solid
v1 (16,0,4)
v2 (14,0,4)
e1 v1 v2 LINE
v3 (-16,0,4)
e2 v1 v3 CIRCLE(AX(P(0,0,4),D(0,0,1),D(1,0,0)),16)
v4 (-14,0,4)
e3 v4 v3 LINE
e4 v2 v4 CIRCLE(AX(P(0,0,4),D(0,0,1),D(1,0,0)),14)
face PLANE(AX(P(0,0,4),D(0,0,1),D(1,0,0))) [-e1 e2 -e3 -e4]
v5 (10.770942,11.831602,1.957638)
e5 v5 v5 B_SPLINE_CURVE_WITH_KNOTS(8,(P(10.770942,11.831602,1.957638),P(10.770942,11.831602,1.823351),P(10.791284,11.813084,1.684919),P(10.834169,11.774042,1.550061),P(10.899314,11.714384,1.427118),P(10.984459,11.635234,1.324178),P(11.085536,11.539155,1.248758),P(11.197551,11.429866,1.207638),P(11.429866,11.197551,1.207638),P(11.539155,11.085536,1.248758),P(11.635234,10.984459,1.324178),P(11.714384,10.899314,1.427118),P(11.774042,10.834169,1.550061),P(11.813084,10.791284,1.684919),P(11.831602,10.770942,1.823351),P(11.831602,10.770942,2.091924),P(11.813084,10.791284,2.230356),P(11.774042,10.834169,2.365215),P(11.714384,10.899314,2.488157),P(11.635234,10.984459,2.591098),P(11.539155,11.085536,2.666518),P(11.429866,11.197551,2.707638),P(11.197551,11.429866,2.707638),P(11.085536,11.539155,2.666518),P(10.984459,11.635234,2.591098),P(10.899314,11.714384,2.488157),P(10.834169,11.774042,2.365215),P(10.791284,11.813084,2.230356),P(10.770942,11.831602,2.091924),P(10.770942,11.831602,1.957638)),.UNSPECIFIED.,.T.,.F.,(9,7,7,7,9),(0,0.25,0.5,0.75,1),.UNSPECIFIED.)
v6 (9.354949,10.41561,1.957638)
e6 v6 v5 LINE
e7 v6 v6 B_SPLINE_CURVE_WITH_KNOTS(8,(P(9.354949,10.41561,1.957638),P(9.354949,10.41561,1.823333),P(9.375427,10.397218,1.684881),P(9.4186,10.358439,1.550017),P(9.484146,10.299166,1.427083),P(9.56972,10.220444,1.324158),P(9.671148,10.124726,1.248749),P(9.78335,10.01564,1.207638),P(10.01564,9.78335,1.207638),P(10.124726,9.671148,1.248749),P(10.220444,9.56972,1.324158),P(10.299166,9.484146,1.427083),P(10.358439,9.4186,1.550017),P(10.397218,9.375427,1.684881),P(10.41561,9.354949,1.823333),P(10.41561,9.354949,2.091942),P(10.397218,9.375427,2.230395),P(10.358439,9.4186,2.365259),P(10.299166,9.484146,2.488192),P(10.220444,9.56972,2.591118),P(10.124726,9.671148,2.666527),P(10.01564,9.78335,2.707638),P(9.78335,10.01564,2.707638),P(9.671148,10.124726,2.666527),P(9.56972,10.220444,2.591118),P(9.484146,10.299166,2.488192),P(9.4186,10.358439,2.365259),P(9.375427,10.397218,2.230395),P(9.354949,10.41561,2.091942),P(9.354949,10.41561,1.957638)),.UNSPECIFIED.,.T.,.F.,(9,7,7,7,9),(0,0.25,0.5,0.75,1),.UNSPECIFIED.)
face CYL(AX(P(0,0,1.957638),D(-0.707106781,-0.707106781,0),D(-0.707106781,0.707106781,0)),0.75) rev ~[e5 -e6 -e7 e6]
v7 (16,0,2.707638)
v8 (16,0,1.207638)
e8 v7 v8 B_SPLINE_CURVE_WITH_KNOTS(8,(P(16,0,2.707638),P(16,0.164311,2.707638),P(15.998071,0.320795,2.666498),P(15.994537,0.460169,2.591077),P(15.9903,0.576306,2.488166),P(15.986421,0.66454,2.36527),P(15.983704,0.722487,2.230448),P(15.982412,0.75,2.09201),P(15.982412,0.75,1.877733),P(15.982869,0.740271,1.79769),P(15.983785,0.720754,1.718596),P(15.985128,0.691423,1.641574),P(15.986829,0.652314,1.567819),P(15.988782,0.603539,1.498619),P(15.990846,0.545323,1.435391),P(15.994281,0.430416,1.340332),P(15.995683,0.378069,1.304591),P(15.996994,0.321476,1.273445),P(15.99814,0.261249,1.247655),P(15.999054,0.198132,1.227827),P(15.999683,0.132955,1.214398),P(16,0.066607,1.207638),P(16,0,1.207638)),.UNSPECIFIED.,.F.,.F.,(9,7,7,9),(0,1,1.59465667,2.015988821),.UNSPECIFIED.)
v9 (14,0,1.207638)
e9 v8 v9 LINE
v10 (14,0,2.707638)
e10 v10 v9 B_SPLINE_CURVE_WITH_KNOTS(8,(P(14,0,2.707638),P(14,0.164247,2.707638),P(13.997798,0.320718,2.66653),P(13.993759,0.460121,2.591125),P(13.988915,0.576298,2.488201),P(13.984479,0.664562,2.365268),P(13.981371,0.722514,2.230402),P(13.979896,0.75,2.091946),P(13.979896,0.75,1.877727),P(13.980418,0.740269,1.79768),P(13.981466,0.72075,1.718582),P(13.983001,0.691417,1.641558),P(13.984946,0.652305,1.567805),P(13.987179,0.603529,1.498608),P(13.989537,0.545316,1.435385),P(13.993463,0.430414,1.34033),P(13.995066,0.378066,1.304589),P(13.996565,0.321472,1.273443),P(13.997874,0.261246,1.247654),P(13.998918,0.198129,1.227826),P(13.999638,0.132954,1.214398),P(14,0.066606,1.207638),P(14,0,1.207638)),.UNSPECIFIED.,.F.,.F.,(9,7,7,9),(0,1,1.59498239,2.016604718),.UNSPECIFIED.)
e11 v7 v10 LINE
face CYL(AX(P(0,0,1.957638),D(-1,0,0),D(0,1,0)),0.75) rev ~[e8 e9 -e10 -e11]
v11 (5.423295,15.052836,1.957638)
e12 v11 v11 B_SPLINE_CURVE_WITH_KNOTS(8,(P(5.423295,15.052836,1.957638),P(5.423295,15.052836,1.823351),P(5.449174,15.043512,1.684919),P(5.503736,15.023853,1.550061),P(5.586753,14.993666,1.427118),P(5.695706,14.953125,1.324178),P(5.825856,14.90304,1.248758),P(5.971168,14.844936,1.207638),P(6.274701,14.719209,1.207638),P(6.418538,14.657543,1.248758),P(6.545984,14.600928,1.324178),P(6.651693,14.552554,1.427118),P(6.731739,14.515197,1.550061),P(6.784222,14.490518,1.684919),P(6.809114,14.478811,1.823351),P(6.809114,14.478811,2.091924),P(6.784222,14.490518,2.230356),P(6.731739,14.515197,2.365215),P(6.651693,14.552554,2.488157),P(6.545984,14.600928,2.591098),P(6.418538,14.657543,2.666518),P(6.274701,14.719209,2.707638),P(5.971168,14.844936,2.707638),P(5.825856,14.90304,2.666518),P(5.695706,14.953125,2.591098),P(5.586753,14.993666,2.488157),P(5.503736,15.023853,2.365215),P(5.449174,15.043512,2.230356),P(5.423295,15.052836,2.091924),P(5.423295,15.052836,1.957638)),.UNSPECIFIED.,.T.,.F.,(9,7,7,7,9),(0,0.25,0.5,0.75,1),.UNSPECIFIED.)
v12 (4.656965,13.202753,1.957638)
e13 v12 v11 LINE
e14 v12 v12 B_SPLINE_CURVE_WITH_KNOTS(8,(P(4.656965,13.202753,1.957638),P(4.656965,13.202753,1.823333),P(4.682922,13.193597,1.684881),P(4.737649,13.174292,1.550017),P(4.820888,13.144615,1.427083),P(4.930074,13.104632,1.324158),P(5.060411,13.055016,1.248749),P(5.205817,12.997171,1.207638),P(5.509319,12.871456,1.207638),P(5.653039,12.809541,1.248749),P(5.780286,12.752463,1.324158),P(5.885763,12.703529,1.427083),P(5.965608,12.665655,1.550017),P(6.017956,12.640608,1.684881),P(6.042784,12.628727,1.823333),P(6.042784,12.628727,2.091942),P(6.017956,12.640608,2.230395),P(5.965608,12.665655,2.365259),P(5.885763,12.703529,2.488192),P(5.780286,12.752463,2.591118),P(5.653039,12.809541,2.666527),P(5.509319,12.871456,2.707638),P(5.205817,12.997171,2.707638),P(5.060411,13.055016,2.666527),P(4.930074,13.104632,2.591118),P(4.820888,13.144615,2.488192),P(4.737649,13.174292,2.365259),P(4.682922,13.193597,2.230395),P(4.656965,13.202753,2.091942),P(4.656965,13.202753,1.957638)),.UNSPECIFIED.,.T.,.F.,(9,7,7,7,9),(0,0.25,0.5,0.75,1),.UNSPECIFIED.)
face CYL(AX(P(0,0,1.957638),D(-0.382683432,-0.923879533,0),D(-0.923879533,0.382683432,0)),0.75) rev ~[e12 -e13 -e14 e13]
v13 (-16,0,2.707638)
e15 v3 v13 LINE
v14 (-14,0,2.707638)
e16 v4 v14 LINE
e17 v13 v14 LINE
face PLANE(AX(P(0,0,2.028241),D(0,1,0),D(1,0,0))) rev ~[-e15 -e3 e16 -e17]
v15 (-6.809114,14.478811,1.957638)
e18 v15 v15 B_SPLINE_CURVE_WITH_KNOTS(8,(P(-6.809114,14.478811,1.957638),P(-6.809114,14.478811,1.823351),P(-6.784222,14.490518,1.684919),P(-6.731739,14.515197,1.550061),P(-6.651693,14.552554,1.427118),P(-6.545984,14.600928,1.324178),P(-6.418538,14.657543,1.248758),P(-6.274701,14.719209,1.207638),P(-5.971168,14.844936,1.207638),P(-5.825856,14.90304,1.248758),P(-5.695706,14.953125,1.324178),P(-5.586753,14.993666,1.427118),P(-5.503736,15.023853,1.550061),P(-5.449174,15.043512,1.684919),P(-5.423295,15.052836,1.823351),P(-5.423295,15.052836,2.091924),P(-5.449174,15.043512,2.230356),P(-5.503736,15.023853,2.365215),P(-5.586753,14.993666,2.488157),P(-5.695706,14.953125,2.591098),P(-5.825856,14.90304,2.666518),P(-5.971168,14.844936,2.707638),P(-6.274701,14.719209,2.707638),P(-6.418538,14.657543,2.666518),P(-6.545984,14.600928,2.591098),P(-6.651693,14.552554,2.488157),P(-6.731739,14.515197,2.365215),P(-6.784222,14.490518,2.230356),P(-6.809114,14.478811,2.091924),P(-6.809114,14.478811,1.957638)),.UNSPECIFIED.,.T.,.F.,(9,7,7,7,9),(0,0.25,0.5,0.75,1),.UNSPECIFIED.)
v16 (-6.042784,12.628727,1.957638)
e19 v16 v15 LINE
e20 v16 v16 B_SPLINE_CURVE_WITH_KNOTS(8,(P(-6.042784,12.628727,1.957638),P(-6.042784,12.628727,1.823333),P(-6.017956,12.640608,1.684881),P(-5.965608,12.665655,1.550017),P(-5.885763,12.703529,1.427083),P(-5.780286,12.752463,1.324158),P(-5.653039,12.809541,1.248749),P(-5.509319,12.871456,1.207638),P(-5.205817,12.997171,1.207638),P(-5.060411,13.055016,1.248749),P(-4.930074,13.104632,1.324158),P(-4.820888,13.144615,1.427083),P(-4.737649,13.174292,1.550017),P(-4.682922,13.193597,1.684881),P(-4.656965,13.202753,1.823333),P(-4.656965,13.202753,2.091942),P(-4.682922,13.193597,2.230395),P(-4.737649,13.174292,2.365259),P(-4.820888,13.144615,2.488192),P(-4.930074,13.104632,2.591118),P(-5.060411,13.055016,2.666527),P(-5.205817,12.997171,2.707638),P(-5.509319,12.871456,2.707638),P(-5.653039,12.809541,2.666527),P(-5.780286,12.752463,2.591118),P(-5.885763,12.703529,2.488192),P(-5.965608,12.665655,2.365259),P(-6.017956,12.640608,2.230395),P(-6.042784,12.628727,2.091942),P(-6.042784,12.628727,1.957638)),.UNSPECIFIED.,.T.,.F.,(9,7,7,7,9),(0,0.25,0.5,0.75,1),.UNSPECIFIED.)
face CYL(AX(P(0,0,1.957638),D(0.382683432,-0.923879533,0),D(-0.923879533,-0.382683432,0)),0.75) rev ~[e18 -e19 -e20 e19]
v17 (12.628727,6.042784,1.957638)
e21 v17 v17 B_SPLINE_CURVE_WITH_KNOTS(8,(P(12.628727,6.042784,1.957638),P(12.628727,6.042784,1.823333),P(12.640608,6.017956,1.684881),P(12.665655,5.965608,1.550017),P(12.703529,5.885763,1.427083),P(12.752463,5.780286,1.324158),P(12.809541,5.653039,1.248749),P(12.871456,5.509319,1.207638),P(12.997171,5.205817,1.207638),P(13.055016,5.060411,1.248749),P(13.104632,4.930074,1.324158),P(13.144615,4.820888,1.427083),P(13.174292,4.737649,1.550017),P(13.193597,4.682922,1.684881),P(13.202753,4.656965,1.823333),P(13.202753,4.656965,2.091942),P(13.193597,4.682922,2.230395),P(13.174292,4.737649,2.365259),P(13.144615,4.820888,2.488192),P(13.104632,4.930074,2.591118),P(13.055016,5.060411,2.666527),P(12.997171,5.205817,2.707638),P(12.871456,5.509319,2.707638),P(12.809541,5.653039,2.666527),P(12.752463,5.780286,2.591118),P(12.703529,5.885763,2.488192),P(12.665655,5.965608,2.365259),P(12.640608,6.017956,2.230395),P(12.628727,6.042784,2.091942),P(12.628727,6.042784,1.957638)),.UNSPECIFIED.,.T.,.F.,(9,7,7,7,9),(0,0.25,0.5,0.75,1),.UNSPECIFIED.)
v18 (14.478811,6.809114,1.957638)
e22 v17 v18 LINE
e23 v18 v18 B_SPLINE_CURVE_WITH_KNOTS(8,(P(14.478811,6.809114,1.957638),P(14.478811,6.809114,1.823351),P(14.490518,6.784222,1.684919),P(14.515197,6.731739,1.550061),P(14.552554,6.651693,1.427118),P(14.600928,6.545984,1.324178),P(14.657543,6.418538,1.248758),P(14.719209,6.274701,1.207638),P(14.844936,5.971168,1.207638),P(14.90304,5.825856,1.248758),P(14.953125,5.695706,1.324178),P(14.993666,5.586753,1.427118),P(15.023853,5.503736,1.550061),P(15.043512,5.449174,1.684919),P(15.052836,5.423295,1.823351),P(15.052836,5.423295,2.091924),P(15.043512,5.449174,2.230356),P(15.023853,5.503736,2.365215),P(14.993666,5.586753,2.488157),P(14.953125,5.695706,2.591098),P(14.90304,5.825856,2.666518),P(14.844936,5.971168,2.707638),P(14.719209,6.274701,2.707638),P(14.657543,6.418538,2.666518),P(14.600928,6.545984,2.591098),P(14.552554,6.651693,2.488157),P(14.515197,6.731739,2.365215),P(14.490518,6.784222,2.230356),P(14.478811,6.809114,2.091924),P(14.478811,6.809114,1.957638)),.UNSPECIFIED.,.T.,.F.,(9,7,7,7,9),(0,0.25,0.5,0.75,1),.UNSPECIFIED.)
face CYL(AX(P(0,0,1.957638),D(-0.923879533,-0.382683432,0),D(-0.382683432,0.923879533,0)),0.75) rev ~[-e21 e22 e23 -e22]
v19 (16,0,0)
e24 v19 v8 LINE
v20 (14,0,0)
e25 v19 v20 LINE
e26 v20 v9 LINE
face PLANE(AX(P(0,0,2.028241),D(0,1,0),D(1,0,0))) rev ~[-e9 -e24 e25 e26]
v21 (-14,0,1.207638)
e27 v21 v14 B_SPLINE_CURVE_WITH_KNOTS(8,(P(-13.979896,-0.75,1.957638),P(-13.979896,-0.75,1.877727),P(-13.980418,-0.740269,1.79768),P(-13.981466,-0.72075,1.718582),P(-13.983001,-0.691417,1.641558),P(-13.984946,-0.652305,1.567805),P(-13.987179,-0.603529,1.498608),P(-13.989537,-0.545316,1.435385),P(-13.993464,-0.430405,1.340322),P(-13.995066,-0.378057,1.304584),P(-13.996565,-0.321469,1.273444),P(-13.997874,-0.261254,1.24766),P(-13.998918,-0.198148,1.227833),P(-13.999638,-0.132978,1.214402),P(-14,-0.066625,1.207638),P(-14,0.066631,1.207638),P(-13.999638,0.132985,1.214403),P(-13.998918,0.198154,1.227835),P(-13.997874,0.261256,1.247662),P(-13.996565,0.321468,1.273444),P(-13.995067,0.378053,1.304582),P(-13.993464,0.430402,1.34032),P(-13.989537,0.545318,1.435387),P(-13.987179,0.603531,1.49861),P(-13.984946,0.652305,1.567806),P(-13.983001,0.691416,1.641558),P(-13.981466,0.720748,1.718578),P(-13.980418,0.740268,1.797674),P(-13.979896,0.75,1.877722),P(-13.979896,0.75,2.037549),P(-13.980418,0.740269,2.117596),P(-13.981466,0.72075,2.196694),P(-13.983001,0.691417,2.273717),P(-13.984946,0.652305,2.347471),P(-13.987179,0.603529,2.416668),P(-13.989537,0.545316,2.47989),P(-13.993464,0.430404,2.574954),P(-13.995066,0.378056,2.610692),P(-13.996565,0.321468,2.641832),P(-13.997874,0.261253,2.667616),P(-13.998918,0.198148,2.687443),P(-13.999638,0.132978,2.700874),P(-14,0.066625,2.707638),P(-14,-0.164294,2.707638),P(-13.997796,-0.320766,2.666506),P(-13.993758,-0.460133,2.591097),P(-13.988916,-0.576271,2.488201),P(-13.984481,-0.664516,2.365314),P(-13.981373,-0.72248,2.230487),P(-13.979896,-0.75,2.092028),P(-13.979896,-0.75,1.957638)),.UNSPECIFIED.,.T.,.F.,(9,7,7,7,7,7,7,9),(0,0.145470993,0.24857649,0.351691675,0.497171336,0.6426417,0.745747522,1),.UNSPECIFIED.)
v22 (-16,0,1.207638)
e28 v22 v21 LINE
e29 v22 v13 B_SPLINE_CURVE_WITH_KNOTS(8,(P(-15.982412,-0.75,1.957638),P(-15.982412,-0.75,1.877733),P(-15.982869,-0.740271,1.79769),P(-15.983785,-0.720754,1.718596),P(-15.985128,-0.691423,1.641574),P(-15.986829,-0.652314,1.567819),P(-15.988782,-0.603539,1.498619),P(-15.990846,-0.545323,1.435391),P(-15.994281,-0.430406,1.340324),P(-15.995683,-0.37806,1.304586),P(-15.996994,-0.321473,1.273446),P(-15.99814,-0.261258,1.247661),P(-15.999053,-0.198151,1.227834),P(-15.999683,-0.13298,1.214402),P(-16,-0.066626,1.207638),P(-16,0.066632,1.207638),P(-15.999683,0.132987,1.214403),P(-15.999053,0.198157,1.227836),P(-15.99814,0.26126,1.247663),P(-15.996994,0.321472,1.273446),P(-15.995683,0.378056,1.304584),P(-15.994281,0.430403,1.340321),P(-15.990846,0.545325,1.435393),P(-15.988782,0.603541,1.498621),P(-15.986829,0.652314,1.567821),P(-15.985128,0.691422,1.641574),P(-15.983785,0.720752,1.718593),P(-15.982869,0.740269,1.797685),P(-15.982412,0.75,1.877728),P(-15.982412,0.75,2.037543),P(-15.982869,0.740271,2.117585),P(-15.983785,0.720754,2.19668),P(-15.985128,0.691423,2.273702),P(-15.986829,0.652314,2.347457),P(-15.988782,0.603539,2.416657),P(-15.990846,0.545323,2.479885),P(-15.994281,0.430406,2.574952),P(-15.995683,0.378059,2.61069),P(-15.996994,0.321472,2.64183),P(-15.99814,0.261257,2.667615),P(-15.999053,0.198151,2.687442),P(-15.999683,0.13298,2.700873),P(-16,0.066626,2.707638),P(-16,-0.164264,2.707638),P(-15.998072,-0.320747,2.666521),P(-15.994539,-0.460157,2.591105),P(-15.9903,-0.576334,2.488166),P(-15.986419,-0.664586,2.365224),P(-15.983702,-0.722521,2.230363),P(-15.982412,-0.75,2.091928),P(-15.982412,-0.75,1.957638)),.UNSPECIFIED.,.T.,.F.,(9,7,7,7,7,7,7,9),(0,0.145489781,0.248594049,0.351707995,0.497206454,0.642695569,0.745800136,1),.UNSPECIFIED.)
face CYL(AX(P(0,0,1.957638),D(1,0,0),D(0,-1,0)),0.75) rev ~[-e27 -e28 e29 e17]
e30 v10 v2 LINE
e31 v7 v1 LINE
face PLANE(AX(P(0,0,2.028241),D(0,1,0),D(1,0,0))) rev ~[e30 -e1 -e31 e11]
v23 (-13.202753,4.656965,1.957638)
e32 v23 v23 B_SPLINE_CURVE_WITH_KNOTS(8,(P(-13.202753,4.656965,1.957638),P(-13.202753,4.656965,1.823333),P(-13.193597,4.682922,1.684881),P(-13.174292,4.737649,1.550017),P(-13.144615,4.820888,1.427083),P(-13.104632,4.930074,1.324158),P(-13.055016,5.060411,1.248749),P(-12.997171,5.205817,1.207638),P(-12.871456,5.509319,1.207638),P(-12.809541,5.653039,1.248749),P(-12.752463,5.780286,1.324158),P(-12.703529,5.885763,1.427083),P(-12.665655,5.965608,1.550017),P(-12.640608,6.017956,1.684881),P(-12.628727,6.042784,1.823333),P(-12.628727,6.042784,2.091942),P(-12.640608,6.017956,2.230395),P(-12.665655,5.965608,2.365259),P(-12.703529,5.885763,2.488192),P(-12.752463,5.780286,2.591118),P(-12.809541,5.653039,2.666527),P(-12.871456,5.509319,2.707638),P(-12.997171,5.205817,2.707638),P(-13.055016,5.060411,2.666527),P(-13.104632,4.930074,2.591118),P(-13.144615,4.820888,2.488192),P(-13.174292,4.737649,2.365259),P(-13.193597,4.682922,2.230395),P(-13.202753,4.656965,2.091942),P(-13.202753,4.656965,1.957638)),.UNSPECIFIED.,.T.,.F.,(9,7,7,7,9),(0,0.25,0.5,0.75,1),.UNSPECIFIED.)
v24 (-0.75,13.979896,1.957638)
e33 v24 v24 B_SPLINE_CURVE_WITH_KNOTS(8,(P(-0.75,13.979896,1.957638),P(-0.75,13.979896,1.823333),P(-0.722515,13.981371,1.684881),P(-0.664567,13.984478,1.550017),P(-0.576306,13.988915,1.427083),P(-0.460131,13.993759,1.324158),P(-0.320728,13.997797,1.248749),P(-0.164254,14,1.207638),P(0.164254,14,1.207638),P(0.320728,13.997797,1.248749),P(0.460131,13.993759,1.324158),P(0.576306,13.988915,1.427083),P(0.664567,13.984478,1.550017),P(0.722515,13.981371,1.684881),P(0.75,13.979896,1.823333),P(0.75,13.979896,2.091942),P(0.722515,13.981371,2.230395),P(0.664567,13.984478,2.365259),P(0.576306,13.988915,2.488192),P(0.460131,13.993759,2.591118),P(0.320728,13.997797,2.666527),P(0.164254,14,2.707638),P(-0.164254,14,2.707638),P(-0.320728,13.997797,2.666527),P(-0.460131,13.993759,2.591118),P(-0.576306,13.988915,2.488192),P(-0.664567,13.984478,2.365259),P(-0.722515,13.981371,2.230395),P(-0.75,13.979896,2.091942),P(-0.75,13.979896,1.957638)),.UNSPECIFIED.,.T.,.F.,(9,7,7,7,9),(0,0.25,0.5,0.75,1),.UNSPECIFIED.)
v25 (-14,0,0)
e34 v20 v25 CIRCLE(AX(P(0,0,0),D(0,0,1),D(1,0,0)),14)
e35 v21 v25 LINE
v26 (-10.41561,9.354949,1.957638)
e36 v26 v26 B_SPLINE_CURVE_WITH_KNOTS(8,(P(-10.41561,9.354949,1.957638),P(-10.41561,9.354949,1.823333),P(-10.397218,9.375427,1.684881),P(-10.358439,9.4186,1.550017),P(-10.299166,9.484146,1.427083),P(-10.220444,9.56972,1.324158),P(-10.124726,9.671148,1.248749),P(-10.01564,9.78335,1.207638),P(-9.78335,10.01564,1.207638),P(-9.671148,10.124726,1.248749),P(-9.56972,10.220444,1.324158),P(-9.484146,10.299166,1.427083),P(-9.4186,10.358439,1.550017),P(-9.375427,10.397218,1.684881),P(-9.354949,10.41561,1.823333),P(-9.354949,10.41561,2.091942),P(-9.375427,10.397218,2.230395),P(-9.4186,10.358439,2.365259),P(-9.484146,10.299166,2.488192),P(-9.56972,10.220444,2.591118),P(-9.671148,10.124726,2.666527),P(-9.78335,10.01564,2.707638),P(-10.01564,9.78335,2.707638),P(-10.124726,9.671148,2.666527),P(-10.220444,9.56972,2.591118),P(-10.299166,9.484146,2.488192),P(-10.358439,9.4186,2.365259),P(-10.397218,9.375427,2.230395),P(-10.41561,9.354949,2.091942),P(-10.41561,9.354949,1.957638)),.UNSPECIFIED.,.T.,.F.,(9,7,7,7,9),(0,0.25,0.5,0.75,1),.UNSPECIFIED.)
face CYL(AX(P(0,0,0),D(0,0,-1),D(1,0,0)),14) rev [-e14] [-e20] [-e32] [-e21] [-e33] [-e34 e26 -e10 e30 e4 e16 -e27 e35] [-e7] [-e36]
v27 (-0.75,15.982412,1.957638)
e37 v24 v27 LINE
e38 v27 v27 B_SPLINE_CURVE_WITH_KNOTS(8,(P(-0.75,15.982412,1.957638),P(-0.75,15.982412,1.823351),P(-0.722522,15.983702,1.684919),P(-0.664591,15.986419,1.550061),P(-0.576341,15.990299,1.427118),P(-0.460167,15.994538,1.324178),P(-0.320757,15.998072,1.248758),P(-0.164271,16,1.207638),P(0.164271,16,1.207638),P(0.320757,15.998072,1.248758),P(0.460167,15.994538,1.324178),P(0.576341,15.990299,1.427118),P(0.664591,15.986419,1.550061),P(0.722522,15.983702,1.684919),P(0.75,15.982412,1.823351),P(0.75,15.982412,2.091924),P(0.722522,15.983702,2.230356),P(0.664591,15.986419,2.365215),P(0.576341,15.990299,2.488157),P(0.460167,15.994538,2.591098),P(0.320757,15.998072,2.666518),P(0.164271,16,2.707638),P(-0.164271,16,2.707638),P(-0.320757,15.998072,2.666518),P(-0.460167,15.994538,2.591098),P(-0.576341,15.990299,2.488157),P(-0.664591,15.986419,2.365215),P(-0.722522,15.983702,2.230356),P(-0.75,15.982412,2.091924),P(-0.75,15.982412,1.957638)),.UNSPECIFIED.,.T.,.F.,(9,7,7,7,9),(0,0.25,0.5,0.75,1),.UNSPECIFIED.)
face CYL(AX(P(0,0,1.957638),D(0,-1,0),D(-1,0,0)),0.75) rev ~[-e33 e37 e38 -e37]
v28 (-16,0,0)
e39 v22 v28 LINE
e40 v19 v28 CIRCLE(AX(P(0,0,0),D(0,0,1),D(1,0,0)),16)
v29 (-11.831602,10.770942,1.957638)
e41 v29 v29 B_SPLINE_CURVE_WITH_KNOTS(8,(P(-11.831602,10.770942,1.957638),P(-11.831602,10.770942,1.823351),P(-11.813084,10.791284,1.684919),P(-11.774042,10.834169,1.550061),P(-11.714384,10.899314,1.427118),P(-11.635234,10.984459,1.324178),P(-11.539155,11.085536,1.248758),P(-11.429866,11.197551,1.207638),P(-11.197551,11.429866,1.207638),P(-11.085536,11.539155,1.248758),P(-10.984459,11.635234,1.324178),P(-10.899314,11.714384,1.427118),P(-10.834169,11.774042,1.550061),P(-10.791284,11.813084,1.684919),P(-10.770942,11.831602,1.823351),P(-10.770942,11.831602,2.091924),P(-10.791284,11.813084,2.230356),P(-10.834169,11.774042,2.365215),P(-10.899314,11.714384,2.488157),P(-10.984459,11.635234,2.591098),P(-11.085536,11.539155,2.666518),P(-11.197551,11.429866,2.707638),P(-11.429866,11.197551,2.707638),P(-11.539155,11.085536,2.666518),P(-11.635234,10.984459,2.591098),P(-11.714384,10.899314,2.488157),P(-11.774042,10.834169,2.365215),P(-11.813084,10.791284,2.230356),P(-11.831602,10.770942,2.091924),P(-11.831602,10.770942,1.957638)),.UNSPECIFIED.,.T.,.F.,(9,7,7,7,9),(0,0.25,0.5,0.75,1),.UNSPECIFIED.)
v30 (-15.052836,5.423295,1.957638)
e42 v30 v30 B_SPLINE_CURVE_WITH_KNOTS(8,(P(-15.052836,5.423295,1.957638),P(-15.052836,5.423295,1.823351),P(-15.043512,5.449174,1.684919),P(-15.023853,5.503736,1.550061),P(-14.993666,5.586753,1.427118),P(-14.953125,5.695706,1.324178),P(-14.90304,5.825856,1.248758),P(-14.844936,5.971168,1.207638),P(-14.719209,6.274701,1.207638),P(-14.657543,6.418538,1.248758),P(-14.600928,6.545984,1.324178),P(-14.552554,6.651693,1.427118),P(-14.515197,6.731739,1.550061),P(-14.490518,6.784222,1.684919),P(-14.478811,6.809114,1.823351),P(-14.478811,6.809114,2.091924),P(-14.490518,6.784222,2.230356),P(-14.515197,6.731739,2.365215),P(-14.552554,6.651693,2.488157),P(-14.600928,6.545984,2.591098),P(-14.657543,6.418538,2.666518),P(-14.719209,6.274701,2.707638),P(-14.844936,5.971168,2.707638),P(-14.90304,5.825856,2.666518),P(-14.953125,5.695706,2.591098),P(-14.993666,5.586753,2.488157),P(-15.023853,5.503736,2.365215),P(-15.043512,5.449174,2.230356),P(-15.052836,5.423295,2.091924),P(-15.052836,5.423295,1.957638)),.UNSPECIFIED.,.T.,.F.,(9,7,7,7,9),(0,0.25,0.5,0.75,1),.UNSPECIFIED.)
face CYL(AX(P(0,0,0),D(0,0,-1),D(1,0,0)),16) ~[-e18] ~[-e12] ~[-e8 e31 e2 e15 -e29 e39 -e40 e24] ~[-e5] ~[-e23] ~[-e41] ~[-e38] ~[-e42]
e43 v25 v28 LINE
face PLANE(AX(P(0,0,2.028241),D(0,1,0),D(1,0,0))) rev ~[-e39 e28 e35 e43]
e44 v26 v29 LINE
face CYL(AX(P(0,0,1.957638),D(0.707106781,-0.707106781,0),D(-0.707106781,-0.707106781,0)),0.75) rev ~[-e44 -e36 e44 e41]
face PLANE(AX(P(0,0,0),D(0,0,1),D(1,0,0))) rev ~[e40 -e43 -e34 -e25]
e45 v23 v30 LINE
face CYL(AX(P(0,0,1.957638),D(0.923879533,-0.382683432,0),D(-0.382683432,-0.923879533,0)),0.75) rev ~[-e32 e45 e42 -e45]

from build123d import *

# Parameters (mm, degrees)
SKETCH_1_R               = 16
SKETCH_1_R_2             = 14
EXTRUDE_1_DEPTH          = 4
SKETCH_2_R               = 0.75
CUT_EXTRUDE_1_DEPTH      = 17
PATTERN_CIRCULAR_1_COUNT = 16
SKETCH_3_W               = 36.79853237
SKETCH_3_H               = 11.94610836
CUT_EXTRUDE_2_DEPTH      = 17.0000001


with BuildPart() as part:
    # ｽｹｯﾁ1 → ﾎﾞｽ - 押し出し1 (new body)
    with BuildSketch(Plane.XY):
        Circle(SKETCH_1_R)
        Circle(SKETCH_1_R_2, mode=Mode.SUBTRACT)
    extrude(amount=EXTRUDE_1_DEPTH)

    # ｽｹｯﾁ2 → ｶｯﾄ - 押し出し1 (cut, through all)
    with BuildSketch(Plane(origin=(0, 0, 0), x_dir=(1, 0, 0), z_dir=(0, 1, 0))):
        with Locations((0, -1.957637914)):
            Circle(SKETCH_2_R)
    cut_extrude_1 = extrude(amount=-CUT_EXTRUDE_1_DEPTH, mode=Mode.SUBTRACT)

    # 円形ﾊﾟﾀｰﾝ1: ｶｯﾄ - 押し出し1 ×16 about axis
    pattern_circular_1_axis = Axis((0, 0, 0), (0, 0, 1))
    for i in range(1, PATTERN_CIRCULAR_1_COUNT):
        add(cut_extrude_1.rotate(pattern_circular_1_axis, i * 360 / PATTERN_CIRCULAR_1_COUNT), mode=Mode.SUBTRACT)

    # ｽｹｯﾁ3 → ｶｯﾄ - 押し出し2 (cut, through all)
    with BuildSketch(Plane(origin=(0, 0, 0), x_dir=(1, 0, 0), z_dir=(0, 1, 0))):
        with Locations((0, -2.028241391)):
            Rectangle(SKETCH_3_W, SKETCH_3_H)
    extrude(amount=-CUT_EXTRUDE_2_DEPTH, mode=Mode.SUBTRACT)


solid = part.part
